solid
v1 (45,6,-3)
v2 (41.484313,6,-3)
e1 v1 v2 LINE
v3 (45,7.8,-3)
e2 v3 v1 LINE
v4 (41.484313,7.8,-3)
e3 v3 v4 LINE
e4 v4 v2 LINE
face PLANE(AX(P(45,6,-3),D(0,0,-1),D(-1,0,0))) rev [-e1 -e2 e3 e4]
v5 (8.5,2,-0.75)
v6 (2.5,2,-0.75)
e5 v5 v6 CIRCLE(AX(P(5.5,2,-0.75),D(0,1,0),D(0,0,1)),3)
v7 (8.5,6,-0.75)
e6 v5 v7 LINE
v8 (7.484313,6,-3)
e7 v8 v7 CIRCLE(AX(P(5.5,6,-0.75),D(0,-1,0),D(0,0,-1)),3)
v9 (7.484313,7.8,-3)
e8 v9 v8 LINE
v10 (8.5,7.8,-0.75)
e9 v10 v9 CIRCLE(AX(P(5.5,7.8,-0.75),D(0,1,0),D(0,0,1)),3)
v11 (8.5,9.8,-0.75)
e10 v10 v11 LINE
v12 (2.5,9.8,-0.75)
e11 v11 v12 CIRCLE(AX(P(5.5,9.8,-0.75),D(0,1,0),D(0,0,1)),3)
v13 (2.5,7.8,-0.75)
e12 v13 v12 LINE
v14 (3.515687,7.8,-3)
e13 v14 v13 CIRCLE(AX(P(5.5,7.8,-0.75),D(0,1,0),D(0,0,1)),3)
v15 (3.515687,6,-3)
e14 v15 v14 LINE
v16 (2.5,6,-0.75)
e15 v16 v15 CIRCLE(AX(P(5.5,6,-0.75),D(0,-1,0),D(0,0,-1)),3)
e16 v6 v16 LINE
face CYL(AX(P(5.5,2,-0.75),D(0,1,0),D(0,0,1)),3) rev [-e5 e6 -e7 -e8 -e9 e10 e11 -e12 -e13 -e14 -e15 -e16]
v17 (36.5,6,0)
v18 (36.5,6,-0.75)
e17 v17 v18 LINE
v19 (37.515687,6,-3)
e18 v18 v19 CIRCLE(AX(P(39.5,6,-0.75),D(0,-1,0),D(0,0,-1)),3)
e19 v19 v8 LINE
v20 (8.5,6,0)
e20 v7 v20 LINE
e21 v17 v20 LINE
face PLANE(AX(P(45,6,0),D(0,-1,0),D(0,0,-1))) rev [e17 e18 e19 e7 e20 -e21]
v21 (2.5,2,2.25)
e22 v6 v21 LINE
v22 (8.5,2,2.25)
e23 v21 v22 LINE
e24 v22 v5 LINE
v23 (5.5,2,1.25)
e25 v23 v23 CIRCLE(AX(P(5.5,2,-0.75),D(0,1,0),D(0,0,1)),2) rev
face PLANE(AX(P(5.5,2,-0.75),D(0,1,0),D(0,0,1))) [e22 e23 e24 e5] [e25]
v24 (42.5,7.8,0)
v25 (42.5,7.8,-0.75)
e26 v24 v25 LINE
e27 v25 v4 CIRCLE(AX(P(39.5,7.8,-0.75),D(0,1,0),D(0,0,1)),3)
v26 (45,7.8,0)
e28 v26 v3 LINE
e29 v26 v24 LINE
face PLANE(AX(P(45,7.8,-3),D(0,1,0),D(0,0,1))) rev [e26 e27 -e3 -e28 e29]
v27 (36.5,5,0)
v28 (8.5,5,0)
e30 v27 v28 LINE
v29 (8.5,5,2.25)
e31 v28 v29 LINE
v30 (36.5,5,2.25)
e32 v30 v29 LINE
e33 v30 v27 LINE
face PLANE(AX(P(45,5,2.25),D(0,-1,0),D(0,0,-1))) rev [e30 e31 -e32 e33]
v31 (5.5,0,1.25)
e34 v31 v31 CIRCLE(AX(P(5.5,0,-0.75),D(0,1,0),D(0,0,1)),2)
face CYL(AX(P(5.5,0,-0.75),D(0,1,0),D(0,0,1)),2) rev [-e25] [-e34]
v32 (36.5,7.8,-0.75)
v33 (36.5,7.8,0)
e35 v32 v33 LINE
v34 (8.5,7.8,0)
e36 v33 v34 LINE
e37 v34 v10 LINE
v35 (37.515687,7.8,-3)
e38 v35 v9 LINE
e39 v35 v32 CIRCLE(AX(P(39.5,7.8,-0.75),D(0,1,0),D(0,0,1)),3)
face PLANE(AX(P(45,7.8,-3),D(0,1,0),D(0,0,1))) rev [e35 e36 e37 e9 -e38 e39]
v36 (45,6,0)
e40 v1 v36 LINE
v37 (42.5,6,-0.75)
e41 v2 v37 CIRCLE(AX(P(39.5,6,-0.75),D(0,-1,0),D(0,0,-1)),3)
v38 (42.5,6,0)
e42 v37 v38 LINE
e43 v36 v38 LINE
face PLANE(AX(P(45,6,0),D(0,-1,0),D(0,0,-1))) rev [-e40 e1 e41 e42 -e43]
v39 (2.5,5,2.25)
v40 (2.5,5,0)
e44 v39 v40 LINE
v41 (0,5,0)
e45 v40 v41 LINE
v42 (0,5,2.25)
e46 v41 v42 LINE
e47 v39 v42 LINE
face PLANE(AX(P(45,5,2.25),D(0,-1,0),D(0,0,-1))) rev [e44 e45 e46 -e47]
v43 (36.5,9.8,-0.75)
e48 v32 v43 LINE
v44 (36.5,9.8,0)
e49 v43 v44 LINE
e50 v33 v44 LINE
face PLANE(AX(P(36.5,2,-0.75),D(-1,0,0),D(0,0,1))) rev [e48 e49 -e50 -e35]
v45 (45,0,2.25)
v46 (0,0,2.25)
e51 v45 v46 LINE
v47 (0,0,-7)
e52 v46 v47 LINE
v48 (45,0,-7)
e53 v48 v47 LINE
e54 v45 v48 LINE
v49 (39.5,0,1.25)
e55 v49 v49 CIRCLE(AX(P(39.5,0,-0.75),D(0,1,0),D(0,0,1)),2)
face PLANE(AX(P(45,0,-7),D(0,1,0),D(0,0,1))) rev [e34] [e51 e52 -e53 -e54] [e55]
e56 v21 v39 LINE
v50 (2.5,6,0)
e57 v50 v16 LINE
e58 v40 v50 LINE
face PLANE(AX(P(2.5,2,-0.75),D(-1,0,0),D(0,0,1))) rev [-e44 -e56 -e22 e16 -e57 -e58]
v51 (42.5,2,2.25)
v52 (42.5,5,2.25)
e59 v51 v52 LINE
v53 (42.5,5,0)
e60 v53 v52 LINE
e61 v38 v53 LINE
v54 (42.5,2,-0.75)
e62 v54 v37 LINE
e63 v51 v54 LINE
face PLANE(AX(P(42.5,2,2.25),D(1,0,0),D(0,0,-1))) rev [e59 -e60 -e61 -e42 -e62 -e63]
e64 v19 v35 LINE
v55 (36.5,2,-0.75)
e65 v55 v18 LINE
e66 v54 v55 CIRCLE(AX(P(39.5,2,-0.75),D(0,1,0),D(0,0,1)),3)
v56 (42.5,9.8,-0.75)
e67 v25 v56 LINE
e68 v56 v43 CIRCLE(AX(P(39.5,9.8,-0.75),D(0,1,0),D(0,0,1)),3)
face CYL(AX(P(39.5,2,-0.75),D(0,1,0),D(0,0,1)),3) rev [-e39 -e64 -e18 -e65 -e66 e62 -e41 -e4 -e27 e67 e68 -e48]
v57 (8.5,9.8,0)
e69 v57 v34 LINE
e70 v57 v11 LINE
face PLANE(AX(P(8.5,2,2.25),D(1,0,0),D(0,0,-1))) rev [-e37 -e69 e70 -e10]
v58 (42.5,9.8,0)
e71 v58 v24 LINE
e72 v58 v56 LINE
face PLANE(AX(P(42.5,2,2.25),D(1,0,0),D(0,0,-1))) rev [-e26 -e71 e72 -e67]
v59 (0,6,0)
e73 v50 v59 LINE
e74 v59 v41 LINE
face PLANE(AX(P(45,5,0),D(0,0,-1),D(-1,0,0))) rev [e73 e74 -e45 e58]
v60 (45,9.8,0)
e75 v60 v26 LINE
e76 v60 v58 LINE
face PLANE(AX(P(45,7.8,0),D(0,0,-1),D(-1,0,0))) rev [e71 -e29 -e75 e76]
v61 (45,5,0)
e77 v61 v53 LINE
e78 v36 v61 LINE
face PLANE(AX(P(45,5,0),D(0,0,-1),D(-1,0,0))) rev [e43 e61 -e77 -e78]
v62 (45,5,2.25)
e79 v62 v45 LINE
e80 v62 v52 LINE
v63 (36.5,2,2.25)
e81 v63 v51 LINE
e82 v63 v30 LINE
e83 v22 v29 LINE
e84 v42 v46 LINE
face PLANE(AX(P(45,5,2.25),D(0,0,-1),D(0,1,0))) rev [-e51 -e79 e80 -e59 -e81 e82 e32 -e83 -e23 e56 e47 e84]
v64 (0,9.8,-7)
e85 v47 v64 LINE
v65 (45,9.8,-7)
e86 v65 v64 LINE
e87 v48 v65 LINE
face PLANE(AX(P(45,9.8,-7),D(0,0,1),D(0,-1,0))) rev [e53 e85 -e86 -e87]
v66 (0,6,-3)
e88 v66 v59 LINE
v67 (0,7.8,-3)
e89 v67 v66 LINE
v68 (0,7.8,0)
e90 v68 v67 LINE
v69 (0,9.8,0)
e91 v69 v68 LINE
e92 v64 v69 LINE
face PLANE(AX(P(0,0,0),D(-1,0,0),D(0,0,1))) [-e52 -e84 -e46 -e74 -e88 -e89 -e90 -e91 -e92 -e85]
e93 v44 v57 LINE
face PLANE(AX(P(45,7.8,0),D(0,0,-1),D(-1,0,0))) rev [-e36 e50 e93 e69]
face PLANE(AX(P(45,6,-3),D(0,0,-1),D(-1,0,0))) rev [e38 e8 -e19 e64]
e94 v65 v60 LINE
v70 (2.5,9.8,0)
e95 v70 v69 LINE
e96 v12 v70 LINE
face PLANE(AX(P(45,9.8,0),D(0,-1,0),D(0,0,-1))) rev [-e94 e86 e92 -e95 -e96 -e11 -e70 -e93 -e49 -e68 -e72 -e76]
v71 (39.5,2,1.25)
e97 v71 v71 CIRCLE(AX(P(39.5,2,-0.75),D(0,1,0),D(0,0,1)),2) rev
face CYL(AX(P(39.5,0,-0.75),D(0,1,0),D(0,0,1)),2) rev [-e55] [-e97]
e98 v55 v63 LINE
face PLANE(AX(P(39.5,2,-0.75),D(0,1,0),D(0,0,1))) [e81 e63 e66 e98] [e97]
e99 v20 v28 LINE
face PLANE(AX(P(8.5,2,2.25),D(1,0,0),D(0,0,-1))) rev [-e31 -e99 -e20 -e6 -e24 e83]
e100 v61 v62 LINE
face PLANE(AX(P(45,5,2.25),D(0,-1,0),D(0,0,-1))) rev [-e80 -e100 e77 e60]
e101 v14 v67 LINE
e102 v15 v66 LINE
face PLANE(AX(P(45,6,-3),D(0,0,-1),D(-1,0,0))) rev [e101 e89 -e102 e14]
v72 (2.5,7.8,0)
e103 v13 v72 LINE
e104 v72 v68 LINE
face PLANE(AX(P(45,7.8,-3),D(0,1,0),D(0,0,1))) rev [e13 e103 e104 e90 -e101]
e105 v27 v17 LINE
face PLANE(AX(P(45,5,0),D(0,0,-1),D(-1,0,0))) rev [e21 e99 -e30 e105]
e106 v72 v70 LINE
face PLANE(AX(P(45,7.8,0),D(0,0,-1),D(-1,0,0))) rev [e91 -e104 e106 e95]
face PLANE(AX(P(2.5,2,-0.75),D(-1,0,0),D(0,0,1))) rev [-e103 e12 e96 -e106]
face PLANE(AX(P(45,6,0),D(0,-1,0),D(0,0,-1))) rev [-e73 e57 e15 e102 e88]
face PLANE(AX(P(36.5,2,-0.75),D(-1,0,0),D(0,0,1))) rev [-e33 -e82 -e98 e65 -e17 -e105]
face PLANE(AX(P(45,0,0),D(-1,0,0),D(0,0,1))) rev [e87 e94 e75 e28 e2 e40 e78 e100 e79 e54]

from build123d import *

# Parameters (mm, degrees)
EXTRUDE_1_DEPTH     = 45
SKETCH_2_R          = 2
CUT_EXTRUDE_1_DEPTH = 10.8
CUT_EXTRUDE_2_DEPTH = 7.8


with BuildPart() as part:
    # Эскиз1 → Бобышка-Вытянуть1 (new body)
    with BuildSketch(Plane(origin=(0, 0, 0), x_dir=(0, 0, -1), z_dir=(1, 0, 0))):
        Polygon((0, 5), (0, 6), (3, 6), (3, 7.8), (0, 7.8), (0, 9.8), (7, 9.8), (7, 0), (0, 0), (-2.25, 0), (-2.25, 5), align=None)
    extrude(amount=EXTRUDE_1_DEPTH)

    # Эскиз2 → Вырез-Вытянуть1 (cut, through all)
    with BuildSketch(Plane(origin=(0, 9.8, 0), x_dir=(1, 0, 0), z_dir=(0, 1, 0))):
        with Locations((5.5, 0.75)):
            Circle(SKETCH_2_R)
        with Locations((39.5, 0.75)):
            Circle(SKETCH_2_R)
    extrude(amount=-CUT_EXTRUDE_1_DEPTH, mode=Mode.SUBTRACT)

    # Эскиз3 → Вырез-Вытянуть2 (cut)
    with BuildSketch(Plane(origin=(0, 9.8, 0), x_dir=(1, 0, 0), z_dir=(0, 1, 0))):
        with BuildLine():
            Line((2.5, 0.75), (2.5, -2.25))
            Line((2.5, -2.25), (8.5, -2.25))
            Line((8.5, -2.25), (8.5, 0.75))
            ThreePointArc((8.5, 0.75), (5.5, 3.75), (2.5, 0.75))
        make_face()
        with BuildLine():
            Line((36.5, 0.75), (36.5, -2.25))
            Line((36.5, -2.25), (42.5, -2.25))
            Line((42.5, -2.25), (42.5, 0.75))
            ThreePointArc((42.5, 0.75), (39.5, 3.75), (36.5, 0.75))
        make_face()
    extrude(amount=-CUT_EXTRUDE_2_DEPTH, mode=Mode.SUBTRACT)


solid = part.part
